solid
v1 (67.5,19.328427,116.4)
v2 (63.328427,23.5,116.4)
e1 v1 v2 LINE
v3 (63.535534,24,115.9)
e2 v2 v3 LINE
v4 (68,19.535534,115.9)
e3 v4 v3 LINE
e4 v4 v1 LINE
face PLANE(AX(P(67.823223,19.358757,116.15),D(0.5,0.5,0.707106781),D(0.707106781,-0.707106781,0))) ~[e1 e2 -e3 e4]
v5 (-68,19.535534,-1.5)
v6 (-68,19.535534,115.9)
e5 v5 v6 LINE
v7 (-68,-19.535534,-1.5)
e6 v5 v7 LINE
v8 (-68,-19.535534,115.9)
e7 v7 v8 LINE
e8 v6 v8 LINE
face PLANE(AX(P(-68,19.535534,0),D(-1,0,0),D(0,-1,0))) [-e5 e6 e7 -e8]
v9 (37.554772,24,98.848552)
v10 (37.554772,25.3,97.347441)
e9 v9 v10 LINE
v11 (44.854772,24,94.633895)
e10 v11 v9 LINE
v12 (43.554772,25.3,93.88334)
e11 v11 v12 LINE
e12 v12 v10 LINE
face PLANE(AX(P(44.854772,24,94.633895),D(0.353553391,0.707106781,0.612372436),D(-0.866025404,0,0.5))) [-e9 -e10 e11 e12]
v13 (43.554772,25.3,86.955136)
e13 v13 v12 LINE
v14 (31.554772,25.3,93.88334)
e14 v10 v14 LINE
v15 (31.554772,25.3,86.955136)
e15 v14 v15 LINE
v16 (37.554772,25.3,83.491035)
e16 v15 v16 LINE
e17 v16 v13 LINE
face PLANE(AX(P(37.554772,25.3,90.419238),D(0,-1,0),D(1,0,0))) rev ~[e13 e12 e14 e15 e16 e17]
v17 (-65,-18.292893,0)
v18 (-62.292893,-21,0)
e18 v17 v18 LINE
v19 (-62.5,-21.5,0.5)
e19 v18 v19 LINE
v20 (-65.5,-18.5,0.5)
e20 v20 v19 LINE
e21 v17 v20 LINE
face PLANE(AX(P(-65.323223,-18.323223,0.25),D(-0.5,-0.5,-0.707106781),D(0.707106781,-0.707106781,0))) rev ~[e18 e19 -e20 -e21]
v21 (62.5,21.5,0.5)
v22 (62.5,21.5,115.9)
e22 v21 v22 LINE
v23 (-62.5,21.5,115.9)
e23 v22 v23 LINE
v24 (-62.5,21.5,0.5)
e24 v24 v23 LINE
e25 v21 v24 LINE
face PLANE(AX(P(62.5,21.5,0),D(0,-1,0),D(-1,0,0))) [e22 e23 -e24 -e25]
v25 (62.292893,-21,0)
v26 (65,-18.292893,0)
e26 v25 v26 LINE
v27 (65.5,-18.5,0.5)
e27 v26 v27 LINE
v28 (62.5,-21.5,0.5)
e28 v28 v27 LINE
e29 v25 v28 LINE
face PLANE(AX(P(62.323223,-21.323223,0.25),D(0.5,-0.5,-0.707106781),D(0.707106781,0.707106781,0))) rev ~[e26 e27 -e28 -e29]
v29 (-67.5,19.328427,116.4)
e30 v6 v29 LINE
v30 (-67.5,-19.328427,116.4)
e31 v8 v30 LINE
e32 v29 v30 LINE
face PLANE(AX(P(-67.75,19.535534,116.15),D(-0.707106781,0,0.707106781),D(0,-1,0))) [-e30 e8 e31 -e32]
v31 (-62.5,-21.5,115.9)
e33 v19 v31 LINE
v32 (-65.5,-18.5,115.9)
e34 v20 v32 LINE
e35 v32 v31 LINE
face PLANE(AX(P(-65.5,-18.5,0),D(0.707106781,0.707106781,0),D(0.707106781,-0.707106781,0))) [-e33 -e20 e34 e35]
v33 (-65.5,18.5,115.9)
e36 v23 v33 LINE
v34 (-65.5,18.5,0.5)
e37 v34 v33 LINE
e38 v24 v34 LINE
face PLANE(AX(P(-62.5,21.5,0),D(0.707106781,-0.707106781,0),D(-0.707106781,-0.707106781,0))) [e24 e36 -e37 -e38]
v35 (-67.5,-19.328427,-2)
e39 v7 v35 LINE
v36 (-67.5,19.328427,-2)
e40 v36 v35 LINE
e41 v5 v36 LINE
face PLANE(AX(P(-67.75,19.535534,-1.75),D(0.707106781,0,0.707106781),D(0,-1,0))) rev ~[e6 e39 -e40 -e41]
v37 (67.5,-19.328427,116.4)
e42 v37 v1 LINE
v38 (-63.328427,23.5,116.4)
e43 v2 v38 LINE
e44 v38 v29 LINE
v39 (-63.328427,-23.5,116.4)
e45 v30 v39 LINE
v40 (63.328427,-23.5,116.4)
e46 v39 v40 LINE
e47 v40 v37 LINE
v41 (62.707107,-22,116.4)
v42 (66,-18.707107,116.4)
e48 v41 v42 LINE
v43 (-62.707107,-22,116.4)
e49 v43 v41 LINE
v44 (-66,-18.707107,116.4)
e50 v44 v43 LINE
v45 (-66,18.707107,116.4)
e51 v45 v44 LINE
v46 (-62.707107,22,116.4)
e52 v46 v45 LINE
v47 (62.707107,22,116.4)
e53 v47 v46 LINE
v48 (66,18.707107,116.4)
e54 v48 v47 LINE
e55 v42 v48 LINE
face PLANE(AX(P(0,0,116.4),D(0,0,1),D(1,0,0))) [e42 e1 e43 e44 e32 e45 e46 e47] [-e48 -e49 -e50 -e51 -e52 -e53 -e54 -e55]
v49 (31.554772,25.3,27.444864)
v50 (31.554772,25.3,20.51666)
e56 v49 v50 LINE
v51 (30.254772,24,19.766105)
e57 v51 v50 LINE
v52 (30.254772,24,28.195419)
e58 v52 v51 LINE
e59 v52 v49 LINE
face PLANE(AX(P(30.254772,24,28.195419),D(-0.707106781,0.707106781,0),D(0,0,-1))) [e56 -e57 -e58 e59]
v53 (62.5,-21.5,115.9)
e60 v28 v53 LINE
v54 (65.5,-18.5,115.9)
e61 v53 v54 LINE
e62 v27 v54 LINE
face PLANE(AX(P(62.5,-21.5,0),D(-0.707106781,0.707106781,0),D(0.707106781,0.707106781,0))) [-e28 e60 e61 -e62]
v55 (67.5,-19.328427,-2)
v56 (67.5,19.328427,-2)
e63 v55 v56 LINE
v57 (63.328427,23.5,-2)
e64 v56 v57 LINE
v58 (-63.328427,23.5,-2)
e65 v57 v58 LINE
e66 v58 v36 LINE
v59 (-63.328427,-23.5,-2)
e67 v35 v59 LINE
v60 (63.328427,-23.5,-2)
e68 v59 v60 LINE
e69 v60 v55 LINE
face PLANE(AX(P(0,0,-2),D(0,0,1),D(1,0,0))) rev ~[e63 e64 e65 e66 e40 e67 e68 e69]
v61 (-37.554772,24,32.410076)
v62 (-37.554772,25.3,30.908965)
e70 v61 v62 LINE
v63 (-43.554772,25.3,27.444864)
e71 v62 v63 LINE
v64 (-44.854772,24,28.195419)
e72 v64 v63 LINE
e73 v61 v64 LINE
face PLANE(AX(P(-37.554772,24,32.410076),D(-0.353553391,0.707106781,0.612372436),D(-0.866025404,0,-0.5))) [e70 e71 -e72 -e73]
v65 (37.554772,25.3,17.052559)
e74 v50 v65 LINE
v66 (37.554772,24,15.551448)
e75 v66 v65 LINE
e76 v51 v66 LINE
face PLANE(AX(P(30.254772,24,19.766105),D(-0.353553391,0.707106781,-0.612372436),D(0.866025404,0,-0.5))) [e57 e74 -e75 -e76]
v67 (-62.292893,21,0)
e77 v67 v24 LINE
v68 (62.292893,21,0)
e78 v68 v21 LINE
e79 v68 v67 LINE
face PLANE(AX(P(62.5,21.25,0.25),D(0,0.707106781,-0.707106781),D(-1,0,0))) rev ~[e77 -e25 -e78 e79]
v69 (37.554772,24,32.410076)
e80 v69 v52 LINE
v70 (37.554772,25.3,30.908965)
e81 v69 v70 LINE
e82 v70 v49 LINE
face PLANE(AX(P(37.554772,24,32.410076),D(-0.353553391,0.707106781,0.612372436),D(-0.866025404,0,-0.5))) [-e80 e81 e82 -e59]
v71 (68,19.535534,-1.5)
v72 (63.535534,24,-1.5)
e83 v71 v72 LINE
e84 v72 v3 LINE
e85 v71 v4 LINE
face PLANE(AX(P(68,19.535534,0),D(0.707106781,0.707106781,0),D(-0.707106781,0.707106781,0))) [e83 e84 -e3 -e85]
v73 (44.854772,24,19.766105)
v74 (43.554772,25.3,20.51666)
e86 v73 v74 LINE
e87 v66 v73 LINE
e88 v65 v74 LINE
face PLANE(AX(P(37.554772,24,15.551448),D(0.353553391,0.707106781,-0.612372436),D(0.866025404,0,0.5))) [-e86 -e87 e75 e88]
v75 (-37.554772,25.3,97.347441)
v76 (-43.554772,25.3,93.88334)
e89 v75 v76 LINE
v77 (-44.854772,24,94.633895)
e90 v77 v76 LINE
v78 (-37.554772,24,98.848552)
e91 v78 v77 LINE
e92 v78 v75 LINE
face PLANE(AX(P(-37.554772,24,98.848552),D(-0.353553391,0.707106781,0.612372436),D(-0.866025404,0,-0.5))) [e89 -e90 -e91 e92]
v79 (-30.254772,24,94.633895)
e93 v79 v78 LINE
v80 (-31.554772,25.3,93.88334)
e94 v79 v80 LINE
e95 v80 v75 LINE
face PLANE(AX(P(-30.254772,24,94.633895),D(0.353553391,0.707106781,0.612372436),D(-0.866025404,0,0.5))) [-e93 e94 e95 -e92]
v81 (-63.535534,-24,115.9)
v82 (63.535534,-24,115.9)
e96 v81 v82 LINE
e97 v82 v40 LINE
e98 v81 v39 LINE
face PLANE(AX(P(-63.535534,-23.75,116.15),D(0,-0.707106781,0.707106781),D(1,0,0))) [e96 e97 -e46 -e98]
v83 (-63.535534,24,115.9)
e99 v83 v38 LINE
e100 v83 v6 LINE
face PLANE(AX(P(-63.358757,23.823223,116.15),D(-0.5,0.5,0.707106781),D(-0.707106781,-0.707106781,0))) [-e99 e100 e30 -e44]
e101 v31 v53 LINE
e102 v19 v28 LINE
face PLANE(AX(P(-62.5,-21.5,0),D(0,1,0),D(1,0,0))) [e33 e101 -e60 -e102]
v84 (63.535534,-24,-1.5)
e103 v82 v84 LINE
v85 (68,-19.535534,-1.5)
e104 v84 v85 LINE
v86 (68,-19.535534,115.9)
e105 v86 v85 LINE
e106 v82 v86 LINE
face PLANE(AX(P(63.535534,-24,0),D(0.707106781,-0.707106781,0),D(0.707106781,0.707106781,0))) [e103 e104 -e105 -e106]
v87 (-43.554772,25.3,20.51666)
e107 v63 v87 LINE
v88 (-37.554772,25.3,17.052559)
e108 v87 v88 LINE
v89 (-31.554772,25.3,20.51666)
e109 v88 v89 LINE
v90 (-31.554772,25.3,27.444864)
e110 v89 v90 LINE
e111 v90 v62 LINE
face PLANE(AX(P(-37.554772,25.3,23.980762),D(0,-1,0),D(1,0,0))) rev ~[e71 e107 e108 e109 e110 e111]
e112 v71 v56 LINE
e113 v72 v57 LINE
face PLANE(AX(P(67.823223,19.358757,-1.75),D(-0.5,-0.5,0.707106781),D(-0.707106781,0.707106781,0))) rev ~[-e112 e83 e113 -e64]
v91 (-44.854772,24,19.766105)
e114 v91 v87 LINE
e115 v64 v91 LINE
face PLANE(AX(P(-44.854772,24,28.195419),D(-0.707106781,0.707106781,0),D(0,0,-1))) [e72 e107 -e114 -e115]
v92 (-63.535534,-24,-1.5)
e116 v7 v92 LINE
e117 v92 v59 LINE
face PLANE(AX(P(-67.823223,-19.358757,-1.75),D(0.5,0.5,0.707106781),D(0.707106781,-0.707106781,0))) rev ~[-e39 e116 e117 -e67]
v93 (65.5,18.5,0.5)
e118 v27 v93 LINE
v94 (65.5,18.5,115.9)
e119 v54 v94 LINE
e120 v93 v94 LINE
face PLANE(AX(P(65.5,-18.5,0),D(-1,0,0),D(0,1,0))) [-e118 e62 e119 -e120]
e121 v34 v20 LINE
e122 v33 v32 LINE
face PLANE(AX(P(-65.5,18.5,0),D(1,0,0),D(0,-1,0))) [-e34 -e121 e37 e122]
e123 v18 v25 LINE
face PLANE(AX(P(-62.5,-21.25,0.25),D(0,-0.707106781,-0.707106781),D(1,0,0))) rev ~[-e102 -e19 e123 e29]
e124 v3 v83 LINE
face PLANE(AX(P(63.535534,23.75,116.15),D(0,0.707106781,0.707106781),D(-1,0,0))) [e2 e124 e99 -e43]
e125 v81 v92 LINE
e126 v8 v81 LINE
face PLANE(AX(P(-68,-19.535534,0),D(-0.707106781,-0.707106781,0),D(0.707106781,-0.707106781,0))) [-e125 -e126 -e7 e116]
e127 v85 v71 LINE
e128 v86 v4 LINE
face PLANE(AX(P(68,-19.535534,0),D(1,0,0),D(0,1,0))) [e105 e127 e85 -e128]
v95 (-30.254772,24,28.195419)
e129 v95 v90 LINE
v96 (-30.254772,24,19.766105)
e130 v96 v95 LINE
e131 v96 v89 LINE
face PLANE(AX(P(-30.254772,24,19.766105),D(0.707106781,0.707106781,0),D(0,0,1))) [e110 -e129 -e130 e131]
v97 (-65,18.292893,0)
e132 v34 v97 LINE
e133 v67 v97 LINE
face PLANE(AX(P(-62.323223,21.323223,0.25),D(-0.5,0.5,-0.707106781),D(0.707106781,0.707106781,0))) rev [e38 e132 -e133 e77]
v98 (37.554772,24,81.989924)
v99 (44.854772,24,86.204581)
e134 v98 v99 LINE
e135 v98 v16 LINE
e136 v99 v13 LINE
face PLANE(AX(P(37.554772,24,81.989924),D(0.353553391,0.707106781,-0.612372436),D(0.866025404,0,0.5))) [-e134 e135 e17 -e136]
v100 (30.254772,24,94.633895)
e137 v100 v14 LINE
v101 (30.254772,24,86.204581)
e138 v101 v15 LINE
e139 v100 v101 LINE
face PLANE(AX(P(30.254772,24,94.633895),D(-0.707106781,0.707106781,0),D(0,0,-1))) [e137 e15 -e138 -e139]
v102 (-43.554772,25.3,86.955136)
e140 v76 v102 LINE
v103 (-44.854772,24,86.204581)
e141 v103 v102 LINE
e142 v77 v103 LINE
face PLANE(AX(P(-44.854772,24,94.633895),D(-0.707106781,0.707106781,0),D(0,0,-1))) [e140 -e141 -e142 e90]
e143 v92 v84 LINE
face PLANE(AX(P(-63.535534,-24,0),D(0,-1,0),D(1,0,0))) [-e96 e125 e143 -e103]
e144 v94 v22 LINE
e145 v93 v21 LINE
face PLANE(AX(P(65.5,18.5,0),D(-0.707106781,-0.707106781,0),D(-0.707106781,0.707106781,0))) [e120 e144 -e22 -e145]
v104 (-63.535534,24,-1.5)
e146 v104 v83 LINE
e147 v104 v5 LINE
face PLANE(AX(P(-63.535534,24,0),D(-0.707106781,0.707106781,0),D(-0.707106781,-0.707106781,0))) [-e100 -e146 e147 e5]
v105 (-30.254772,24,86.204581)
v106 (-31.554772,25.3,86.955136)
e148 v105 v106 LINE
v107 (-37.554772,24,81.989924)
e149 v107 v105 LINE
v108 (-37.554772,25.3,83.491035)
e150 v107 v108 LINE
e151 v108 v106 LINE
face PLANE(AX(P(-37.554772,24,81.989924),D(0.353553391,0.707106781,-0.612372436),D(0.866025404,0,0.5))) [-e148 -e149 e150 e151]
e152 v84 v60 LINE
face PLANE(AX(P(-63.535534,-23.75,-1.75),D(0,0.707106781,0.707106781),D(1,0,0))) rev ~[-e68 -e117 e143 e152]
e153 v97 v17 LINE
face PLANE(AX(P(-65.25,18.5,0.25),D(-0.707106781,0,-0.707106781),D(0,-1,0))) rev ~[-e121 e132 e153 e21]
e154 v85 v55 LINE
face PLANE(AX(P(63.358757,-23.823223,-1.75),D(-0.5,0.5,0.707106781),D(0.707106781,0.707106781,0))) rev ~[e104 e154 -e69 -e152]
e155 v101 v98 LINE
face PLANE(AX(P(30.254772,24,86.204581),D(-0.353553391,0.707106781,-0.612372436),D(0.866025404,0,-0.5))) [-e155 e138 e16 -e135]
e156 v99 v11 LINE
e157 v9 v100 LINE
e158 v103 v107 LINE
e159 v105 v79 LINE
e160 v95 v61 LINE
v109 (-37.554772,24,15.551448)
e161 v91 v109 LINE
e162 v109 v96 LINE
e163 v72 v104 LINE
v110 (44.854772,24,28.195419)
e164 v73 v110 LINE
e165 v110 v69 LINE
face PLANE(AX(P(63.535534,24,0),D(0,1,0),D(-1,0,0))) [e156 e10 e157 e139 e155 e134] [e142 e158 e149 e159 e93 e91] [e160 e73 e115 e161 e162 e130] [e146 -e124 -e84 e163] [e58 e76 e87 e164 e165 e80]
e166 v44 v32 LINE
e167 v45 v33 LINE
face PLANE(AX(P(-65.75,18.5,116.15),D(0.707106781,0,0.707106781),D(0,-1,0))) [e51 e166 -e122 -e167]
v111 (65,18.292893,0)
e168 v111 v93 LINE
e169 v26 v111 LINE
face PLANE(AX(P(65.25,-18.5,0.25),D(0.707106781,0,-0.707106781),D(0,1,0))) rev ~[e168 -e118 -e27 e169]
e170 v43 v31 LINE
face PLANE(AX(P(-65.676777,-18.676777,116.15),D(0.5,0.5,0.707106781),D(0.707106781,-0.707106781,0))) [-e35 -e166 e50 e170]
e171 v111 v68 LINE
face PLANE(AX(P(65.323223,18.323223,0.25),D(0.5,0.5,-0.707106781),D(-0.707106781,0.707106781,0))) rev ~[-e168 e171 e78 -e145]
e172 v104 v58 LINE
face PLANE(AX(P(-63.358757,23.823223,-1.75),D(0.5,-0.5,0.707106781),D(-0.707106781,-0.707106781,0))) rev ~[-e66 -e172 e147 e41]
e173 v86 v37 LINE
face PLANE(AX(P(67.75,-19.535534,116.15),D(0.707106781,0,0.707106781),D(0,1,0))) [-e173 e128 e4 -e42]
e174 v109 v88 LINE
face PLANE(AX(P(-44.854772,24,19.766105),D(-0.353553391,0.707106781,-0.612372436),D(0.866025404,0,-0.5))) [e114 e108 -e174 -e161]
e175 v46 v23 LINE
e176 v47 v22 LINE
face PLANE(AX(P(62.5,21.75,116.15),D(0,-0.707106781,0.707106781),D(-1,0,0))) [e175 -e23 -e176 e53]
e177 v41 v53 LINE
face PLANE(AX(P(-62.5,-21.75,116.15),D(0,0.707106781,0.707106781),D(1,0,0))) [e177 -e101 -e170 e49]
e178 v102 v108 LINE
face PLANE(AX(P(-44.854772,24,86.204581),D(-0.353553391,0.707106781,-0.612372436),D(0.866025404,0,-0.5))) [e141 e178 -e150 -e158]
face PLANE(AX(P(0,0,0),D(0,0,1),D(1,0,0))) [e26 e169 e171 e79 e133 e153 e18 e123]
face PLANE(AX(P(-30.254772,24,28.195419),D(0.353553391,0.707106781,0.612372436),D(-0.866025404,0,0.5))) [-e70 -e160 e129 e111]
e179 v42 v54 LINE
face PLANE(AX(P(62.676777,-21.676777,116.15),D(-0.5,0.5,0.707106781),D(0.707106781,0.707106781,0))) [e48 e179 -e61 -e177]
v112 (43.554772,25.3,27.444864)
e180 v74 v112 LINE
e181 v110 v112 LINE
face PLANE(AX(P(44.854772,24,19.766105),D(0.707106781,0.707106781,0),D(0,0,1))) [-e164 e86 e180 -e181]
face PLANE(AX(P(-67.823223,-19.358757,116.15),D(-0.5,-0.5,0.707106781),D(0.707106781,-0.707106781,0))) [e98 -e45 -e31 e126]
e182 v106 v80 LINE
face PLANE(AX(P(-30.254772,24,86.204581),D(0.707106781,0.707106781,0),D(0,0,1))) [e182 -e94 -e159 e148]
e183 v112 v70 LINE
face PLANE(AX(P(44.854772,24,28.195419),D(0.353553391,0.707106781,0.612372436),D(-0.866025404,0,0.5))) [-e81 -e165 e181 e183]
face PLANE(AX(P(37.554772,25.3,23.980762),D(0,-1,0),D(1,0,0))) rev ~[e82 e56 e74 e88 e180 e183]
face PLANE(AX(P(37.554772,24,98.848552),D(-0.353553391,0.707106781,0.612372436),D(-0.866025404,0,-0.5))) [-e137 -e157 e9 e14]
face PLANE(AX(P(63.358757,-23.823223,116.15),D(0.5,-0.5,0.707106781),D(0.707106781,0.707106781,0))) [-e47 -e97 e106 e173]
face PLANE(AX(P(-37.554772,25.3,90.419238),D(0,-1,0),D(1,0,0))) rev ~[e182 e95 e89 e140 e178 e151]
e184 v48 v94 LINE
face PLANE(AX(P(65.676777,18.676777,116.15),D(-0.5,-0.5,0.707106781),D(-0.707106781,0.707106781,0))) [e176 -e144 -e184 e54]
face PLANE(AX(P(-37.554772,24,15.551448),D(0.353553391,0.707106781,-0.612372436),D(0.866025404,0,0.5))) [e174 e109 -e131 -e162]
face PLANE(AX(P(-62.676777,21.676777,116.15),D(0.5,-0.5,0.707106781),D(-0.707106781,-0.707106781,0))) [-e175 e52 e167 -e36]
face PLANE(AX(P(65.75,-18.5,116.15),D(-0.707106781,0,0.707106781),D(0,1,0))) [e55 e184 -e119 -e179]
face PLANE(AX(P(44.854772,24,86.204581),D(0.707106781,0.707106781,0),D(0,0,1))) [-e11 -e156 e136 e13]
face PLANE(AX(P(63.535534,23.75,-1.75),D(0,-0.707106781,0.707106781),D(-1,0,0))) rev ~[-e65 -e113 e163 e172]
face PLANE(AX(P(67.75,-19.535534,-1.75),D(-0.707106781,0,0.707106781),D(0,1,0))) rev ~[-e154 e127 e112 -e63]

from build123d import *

# Parameters (mm, degrees)
WALLS_DEPTH          = 116.4
BACK_PLATE_DEPTH     = 2
DEBURS_SIZE          = 0.5
FEET_DEPTH           = 1.3
FEET_DRAFT           = -45
FEET_PROFILE_2_DEPTH = 1.3
FEET_PROFILE_2_DRAFT = -45
FEET_PROFILE_3_DEPTH = 1.3
FEET_PROFILE_3_DRAFT = -45
FEET_PROFILE_4_DEPTH = 1.3
FEET_PROFILE_4_DRAFT = -45


with BuildPart() as part:
    # Sketch1 → Walls (new body)
    with BuildSketch(Plane.XY):
        Polygon((-68, 19.535533906), (-68, -19.535533906), (-63.535533906, -24), (63.535533906, -24), (68, -19.535533906), (68, 19.535533906), (63.535533906, 24), (-63.535533906, 24), align=None)
        Polygon((-65.5, 18.5), (-65.5, -18.5), (-62.5, -21.5), (62.5, -21.5), (65.5, -18.5), (65.5, 18.5), (62.5, 21.5), (-62.5, 21.5), align=None, mode=Mode.SUBTRACT)
    extrude(amount=WALLS_DEPTH)

    # Sketch2 → Back Plate (add)
    with BuildSketch(Plane.XY):
        Polygon((68, -19.535533906), (68, 19.535533906), (63.535533906, 24), (-63.535533906, 24), (-68, 19.535533906), (-68, -19.535533906), (-63.535533906, -24), (63.535533906, -24), align=None)
    extrude(amount=-BACK_PLATE_DEPTH)

    # Deburs
    deburs_edges = [part.edges().sort_by_distance(p)[0] for p in [
        (65.5, 0, 0),
        (64, 20, 0),
        (0, 21.5, 0),
        (-64, 20, 0),
        (-65.5, 0, 0),
        (-64, -20, 0),
        (0, -24, 116.4),
        (65.767766953, -21.767766953, 116.4),
        (68, 0, 116.4),
        (65.767766953, -21.767766953, -2),
        (0, -24, -2),
        (-65.767766953, -21.767766953, -2),
        (-68, 0, -2),
        (-65.767766953, 21.767766953, -2),
        (0, 24, -2),
        (65.767766953, 21.767766953, -2),
        (68, 0, -2),
        (65.767766953, 21.767766953, 116.4),
        (0, 24, 116.4),
        (-65.767766953, 21.767766953, 116.4),
        (-68, 0, 116.4),
        (-65.767766953, -21.767766953, 116.4),
        (0, -21.5, 0),
        (0, -21.5, 116.4),
        (-64, -20, 116.4),
        (-65.5, 0, 116.4),
        (-64, 20, 116.4),
        (0, 21.5, 116.4),
        (64, 20, 116.4),
        (65.5, 0, 116.4),
        (64, -20, 116.4),
        (64, -20, 0),
    ]]
    chamfer(deburs_edges, length=DEBURS_SIZE)


with BuildPart() as feet_tool:
    # Sketch4 → Feet (with draft: the straight prism first)
    with BuildSketch(Plane.XZ.offset(-24)):
        Polygon((-30.254771792, 94.633894852), (-37.554771792, 98.848551817), (-44.854771792, 94.633894852), (-44.854771792, 86.204580921), (-37.554771792, 81.989923956), (-30.254771792, 86.204580921), align=None)
    extrude(amount=-FEET_DEPTH)
    # Feet: the draft: its side faces are tilted about the plane it starts from
    feet_sides = [feet_tool.faces().sort_by_distance(p)[0] for p in [
        (-33.904771792, 24.65, 96.741223334),
        (-41.204771792, 24.65, 96.741223334),
        (-44.854771792, 24.65, 90.419237886),
        (-41.204771792, 24.65, 84.097252439),
        (-33.904771792, 24.65, 84.097252439),
        (-30.254771792, 24.65, 90.419237886),
    ]]
    draft(feet_sides, Plane.XZ.offset(-24), FEET_DRAFT)


with BuildPart() as part_1:
    add(part.part)

    # Feet: add feet_tool
    add(feet_tool.part)


with BuildPart() as feet_profile_2_tool:
    # Sketch4 → Feet profile 2 (with draft: the straight prism first)
    with BuildSketch(Plane.XZ.offset(-24)):
        Polygon((-37.554771792, 32.410076044), (-44.854771792, 28.195419079), (-44.854771792, 19.766105148), (-37.554771792, 15.551448183), (-30.254771792, 19.766105148), (-30.254771792, 28.195419079), align=None)
    extrude(amount=-FEET_PROFILE_2_DEPTH)
    # Feet profile 2: the draft: its side faces are tilted about the plane it starts from
    feet_profile_2_sides = [feet_profile_2_tool.faces().sort_by_distance(p)[0] for p in [
        (-41.204771792, 24.65, 30.302747561),
        (-44.854771792, 24.65, 23.980762114),
        (-41.204771792, 24.65, 17.658776666),
        (-33.904771792, 24.65, 17.658776666),
        (-30.254771792, 24.65, 23.980762114),
        (-33.904771792, 24.65, 30.302747561),
    ]]
    draft(feet_profile_2_sides, Plane.XZ.offset(-24), FEET_PROFILE_2_DRAFT)


with BuildPart() as part_2:
    add(part_1.part)

    # Feet profile 2: add feet_profile_2_tool
    add(feet_profile_2_tool.part)


with BuildPart() as feet_profile_3_tool:
    # Sketch4 → Feet profile 3 (with draft: the straight prism first)
    with BuildSketch(Plane.XZ.offset(-24)):
        Polygon((37.554771792, 98.848551817), (30.254771792, 94.633894852), (30.254771792, 86.204580921), (37.554771792, 81.989923956), (44.854771792, 86.204580921), (44.854771792, 94.633894852), align=None)
    extrude(amount=-FEET_PROFILE_3_DEPTH)
    # Feet profile 3: the draft: its side faces are tilted about the plane it starts from
    feet_profile_3_sides = [feet_profile_3_tool.faces().sort_by_distance(p)[0] for p in [
        (33.904771792, 24.65, 96.741223334),
        (30.254771792, 24.65, 90.419237886),
        (33.904771792, 24.65, 84.097252439),
        (41.204771792, 24.65, 84.097252439),
        (44.854771792, 24.65, 90.419237886),
        (41.204771792, 24.65, 96.741223334),
    ]]
    draft(feet_profile_3_sides, Plane.XZ.offset(-24), FEET_PROFILE_3_DRAFT)


with BuildPart() as part_3:
    add(part_2.part)

    # Feet profile 3: add feet_profile_3_tool
    add(feet_profile_3_tool.part)


with BuildPart() as feet_profile_4_tool:
    # Sketch4 → Feet profile 4 (with draft: the straight prism first)
    with BuildSketch(Plane.XZ.offset(-24)):
        Polygon((44.854771792, 19.766105148), (44.854771792, 28.195419079), (37.554771792, 32.410076044), (30.254771792, 28.195419079), (30.254771792, 19.766105148), (37.554771792, 15.551448183), align=None)
    extrude(amount=-FEET_PROFILE_4_DEPTH)
    # Feet profile 4: the draft: its side faces are tilted about the plane it starts from
    feet_profile_4_sides = [feet_profile_4_tool.faces().sort_by_distance(p)[0] for p in [
        (44.854771792, 24.65, 23.980762114),
        (41.204771792, 24.65, 30.302747561),
        (33.904771792, 24.65, 30.302747561),
        (30.254771792, 24.65, 23.980762114),
        (33.904771792, 24.65, 17.658776666),
        (41.204771792, 24.65, 17.658776666),
    ]]
    draft(feet_profile_4_sides, Plane.XZ.offset(-24), FEET_PROFILE_4_DRAFT)


with BuildPart() as part_4:
    add(part_3.part)

    # Feet profile 4: add feet_profile_4_tool
    add(feet_profile_4_tool.part)


solid = part_4.part
